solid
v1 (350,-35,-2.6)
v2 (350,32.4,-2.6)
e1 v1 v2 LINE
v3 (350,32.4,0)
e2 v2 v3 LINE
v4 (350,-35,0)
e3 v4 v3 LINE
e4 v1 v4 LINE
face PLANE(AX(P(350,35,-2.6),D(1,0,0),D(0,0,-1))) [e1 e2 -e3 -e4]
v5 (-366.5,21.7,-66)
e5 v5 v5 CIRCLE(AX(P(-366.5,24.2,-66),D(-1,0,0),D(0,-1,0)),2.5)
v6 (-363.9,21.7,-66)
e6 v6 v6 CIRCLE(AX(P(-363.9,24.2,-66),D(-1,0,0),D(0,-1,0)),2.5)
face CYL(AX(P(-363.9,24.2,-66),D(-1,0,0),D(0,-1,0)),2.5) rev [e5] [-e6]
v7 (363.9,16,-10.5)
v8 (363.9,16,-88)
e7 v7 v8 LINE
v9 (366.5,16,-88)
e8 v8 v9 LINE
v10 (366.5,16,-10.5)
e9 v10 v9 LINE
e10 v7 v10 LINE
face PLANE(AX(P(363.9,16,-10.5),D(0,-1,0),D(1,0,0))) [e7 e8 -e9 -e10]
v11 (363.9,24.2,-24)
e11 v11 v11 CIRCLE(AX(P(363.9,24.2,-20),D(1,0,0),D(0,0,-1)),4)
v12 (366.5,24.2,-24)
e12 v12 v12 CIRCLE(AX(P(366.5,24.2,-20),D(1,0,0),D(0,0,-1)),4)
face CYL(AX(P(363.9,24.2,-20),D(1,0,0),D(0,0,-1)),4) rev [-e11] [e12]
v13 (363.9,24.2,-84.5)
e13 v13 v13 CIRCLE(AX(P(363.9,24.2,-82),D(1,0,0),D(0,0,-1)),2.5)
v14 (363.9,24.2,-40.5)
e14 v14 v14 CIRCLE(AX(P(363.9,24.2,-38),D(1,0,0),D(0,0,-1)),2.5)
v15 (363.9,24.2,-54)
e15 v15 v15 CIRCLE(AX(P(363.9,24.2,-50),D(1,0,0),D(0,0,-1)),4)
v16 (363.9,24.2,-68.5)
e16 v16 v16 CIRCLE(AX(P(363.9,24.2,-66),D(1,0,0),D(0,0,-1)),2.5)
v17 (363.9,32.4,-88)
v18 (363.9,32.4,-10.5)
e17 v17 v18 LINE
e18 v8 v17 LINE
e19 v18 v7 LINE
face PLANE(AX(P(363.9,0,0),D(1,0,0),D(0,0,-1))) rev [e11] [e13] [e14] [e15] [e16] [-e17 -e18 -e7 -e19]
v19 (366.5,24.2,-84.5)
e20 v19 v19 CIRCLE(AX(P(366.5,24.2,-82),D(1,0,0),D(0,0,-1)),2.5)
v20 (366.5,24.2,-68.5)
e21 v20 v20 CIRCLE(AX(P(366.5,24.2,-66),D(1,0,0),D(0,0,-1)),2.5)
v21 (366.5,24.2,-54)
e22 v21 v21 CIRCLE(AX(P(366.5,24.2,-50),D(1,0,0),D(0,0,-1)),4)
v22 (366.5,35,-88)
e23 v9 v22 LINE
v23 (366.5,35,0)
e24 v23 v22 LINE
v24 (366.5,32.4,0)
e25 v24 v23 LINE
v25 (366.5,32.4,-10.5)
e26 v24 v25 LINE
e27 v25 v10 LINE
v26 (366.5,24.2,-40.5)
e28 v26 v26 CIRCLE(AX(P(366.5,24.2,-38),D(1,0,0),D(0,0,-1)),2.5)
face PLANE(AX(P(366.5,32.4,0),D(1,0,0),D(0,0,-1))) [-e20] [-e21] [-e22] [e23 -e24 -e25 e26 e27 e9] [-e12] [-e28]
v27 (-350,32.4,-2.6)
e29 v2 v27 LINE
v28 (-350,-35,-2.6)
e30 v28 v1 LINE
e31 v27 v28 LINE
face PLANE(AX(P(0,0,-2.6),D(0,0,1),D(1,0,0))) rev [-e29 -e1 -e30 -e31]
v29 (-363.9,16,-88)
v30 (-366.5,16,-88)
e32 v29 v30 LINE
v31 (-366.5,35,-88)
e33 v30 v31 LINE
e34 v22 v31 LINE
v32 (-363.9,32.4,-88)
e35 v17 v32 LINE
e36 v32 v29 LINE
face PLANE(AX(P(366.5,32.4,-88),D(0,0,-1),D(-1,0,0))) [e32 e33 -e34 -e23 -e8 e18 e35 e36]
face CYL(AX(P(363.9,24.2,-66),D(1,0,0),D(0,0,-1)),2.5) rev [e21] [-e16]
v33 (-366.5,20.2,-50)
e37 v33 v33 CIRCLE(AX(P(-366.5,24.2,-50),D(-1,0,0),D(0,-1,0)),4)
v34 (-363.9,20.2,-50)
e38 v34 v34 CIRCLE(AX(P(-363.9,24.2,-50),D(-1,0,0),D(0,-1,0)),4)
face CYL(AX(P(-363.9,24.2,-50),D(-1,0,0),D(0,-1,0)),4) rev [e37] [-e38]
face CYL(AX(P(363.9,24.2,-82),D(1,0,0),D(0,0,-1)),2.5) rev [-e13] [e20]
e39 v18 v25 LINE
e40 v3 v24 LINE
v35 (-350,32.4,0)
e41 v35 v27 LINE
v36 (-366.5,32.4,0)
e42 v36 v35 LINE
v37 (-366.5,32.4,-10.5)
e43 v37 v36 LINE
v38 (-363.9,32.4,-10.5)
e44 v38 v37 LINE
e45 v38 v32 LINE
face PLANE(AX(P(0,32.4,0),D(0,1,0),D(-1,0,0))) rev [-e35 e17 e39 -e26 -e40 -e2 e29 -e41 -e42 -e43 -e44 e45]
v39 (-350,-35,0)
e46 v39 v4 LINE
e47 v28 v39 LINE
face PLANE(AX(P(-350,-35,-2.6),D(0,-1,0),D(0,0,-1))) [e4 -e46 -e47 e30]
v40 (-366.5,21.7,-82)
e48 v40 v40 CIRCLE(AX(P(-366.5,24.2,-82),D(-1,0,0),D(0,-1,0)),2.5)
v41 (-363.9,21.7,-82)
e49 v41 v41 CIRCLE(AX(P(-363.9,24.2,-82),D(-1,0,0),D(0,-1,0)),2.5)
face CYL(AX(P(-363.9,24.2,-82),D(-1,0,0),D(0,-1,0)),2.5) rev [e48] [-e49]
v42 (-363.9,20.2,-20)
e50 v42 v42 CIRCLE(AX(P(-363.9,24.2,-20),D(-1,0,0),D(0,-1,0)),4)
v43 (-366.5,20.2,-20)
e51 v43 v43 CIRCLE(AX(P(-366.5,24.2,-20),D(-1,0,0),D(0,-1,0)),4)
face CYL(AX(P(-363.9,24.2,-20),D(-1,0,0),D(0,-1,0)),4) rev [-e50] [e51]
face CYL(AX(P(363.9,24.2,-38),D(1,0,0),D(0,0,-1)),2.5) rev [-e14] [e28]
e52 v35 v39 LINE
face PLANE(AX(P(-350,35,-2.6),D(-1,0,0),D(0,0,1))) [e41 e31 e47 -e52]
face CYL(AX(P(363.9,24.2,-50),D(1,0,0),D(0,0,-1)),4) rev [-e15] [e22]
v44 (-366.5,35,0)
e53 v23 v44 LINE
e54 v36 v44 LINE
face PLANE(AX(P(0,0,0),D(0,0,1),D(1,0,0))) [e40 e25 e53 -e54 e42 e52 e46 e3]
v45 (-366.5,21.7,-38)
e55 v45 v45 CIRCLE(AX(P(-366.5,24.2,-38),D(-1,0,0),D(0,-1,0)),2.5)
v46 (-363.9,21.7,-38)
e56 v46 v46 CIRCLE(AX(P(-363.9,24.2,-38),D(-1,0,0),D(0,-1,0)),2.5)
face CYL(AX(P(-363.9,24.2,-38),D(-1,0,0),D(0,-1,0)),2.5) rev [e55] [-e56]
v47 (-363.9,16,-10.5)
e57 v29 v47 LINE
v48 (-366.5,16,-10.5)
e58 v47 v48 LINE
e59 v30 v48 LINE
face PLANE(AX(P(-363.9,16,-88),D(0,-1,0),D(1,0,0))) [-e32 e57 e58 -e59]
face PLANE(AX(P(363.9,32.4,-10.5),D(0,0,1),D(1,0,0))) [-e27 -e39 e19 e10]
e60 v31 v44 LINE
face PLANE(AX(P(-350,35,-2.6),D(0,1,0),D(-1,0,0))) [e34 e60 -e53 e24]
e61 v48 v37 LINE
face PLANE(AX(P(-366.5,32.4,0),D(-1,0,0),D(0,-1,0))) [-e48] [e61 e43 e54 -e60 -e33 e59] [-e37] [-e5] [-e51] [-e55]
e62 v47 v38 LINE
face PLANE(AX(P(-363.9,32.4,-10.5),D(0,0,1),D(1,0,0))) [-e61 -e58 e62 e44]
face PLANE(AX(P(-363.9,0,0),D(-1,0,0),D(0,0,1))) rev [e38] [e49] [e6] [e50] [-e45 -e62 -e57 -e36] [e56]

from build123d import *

# Parameters (mm, degrees)
SKETCH1_W           = 700
SKETCH1_H           = 70
BOSS_EXTRUDE1_DEPTH = 2.6
SKETCH2_W           = 733
SKETCH2_H           = 88
BOSS_EXTRUDE2_DEPTH = 2.6
SKETCH3_W           = 77.5
SKETCH3_H           = 16.4
SKETCH3_R           = 2.5
SKETCH3_R_2         = 4
BOSS_EXTRUDE3_DEPTH = 2.6
BOSS_EXTRUDE4_START = -2.6
SKETCH4_W           = 77.5
SKETCH4_H           = 16.4
SKETCH4_R           = 2.5
SKETCH4_R_2         = 4
BOSS_EXTRUDE4_DEPTH = 2.6


with BuildPart() as part:
    # Sketch1 → Boss-Extrude1 (new body)
    with BuildSketch(Plane.XY):
        Rectangle(SKETCH1_W, SKETCH1_H)
    extrude(amount=-BOSS_EXTRUDE1_DEPTH)

    # Sketch2 → Boss-Extrude2 (add)
    with BuildSketch(Plane(origin=(0, 35, 0), x_dir=(1, 0, 0), z_dir=(0, 1, 0))):
        with Locations((0, 44)):
            Rectangle(SKETCH2_W, SKETCH2_H)
    extrude(amount=-BOSS_EXTRUDE2_DEPTH)

    # Sketch3 → Boss-Extrude3 (add)
    with BuildSketch(Plane.ZY.offset(366.5)):
        with Locations((-49.25, 24.2)):
            Rectangle(SKETCH3_W, SKETCH3_H)
        with Locations(Location((-82, 24.2, 0), (0, 0, 270))):
            Circle(SKETCH3_R, mode=Mode.SUBTRACT)
        with Locations(Location((-66, 24.2, 0), (0, 0, 270))):
            Circle(SKETCH3_R, mode=Mode.SUBTRACT)
        with Locations(Location((-50, 24.2, 0), (0, 0, 270))):
            Circle(SKETCH3_R_2, mode=Mode.SUBTRACT)
        with Locations(Location((-38, 24.2, 0), (0, 0, 270))):
            Circle(SKETCH3_R, mode=Mode.SUBTRACT)
        with Locations(Location((-20, 24.2, 0), (0, 0, 270))):
            Circle(SKETCH3_R_2, mode=Mode.SUBTRACT)
    extrude(amount=-BOSS_EXTRUDE3_DEPTH)

    # Sketch4 → Boss-Extrude4 (add)
    with BuildSketch(Plane(origin=(366.5, 0, 0), x_dir=(0, 0, -1), z_dir=(1, 0, 0)).offset(BOSS_EXTRUDE4_START)):
        with Locations((49.25, 24.2)):
            Rectangle(SKETCH4_W, SKETCH4_H)
        with Locations(Location((38, 24.2, 0), (0, 0, 270))):
            Circle(SKETCH4_R, mode=Mode.SUBTRACT)
        with Locations(Location((50, 24.2, 0), (0, 0, 270))):
            Circle(SKETCH4_R_2, mode=Mode.SUBTRACT)
        with Locations(Location((66, 24.2, 0), (0, 0, 270))):
            Circle(SKETCH4_R, mode=Mode.SUBTRACT)
        with Locations(Location((82, 24.2, 0), (0, 0, 270))):
            Circle(SKETCH4_R, mode=Mode.SUBTRACT)
        with Locations(Location((20, 24.2, 0), (0, 0, 270))):
            Circle(SKETCH4_R_2, mode=Mode.SUBTRACT)
    extrude(amount=BOSS_EXTRUDE4_DEPTH)


solid = part.part
